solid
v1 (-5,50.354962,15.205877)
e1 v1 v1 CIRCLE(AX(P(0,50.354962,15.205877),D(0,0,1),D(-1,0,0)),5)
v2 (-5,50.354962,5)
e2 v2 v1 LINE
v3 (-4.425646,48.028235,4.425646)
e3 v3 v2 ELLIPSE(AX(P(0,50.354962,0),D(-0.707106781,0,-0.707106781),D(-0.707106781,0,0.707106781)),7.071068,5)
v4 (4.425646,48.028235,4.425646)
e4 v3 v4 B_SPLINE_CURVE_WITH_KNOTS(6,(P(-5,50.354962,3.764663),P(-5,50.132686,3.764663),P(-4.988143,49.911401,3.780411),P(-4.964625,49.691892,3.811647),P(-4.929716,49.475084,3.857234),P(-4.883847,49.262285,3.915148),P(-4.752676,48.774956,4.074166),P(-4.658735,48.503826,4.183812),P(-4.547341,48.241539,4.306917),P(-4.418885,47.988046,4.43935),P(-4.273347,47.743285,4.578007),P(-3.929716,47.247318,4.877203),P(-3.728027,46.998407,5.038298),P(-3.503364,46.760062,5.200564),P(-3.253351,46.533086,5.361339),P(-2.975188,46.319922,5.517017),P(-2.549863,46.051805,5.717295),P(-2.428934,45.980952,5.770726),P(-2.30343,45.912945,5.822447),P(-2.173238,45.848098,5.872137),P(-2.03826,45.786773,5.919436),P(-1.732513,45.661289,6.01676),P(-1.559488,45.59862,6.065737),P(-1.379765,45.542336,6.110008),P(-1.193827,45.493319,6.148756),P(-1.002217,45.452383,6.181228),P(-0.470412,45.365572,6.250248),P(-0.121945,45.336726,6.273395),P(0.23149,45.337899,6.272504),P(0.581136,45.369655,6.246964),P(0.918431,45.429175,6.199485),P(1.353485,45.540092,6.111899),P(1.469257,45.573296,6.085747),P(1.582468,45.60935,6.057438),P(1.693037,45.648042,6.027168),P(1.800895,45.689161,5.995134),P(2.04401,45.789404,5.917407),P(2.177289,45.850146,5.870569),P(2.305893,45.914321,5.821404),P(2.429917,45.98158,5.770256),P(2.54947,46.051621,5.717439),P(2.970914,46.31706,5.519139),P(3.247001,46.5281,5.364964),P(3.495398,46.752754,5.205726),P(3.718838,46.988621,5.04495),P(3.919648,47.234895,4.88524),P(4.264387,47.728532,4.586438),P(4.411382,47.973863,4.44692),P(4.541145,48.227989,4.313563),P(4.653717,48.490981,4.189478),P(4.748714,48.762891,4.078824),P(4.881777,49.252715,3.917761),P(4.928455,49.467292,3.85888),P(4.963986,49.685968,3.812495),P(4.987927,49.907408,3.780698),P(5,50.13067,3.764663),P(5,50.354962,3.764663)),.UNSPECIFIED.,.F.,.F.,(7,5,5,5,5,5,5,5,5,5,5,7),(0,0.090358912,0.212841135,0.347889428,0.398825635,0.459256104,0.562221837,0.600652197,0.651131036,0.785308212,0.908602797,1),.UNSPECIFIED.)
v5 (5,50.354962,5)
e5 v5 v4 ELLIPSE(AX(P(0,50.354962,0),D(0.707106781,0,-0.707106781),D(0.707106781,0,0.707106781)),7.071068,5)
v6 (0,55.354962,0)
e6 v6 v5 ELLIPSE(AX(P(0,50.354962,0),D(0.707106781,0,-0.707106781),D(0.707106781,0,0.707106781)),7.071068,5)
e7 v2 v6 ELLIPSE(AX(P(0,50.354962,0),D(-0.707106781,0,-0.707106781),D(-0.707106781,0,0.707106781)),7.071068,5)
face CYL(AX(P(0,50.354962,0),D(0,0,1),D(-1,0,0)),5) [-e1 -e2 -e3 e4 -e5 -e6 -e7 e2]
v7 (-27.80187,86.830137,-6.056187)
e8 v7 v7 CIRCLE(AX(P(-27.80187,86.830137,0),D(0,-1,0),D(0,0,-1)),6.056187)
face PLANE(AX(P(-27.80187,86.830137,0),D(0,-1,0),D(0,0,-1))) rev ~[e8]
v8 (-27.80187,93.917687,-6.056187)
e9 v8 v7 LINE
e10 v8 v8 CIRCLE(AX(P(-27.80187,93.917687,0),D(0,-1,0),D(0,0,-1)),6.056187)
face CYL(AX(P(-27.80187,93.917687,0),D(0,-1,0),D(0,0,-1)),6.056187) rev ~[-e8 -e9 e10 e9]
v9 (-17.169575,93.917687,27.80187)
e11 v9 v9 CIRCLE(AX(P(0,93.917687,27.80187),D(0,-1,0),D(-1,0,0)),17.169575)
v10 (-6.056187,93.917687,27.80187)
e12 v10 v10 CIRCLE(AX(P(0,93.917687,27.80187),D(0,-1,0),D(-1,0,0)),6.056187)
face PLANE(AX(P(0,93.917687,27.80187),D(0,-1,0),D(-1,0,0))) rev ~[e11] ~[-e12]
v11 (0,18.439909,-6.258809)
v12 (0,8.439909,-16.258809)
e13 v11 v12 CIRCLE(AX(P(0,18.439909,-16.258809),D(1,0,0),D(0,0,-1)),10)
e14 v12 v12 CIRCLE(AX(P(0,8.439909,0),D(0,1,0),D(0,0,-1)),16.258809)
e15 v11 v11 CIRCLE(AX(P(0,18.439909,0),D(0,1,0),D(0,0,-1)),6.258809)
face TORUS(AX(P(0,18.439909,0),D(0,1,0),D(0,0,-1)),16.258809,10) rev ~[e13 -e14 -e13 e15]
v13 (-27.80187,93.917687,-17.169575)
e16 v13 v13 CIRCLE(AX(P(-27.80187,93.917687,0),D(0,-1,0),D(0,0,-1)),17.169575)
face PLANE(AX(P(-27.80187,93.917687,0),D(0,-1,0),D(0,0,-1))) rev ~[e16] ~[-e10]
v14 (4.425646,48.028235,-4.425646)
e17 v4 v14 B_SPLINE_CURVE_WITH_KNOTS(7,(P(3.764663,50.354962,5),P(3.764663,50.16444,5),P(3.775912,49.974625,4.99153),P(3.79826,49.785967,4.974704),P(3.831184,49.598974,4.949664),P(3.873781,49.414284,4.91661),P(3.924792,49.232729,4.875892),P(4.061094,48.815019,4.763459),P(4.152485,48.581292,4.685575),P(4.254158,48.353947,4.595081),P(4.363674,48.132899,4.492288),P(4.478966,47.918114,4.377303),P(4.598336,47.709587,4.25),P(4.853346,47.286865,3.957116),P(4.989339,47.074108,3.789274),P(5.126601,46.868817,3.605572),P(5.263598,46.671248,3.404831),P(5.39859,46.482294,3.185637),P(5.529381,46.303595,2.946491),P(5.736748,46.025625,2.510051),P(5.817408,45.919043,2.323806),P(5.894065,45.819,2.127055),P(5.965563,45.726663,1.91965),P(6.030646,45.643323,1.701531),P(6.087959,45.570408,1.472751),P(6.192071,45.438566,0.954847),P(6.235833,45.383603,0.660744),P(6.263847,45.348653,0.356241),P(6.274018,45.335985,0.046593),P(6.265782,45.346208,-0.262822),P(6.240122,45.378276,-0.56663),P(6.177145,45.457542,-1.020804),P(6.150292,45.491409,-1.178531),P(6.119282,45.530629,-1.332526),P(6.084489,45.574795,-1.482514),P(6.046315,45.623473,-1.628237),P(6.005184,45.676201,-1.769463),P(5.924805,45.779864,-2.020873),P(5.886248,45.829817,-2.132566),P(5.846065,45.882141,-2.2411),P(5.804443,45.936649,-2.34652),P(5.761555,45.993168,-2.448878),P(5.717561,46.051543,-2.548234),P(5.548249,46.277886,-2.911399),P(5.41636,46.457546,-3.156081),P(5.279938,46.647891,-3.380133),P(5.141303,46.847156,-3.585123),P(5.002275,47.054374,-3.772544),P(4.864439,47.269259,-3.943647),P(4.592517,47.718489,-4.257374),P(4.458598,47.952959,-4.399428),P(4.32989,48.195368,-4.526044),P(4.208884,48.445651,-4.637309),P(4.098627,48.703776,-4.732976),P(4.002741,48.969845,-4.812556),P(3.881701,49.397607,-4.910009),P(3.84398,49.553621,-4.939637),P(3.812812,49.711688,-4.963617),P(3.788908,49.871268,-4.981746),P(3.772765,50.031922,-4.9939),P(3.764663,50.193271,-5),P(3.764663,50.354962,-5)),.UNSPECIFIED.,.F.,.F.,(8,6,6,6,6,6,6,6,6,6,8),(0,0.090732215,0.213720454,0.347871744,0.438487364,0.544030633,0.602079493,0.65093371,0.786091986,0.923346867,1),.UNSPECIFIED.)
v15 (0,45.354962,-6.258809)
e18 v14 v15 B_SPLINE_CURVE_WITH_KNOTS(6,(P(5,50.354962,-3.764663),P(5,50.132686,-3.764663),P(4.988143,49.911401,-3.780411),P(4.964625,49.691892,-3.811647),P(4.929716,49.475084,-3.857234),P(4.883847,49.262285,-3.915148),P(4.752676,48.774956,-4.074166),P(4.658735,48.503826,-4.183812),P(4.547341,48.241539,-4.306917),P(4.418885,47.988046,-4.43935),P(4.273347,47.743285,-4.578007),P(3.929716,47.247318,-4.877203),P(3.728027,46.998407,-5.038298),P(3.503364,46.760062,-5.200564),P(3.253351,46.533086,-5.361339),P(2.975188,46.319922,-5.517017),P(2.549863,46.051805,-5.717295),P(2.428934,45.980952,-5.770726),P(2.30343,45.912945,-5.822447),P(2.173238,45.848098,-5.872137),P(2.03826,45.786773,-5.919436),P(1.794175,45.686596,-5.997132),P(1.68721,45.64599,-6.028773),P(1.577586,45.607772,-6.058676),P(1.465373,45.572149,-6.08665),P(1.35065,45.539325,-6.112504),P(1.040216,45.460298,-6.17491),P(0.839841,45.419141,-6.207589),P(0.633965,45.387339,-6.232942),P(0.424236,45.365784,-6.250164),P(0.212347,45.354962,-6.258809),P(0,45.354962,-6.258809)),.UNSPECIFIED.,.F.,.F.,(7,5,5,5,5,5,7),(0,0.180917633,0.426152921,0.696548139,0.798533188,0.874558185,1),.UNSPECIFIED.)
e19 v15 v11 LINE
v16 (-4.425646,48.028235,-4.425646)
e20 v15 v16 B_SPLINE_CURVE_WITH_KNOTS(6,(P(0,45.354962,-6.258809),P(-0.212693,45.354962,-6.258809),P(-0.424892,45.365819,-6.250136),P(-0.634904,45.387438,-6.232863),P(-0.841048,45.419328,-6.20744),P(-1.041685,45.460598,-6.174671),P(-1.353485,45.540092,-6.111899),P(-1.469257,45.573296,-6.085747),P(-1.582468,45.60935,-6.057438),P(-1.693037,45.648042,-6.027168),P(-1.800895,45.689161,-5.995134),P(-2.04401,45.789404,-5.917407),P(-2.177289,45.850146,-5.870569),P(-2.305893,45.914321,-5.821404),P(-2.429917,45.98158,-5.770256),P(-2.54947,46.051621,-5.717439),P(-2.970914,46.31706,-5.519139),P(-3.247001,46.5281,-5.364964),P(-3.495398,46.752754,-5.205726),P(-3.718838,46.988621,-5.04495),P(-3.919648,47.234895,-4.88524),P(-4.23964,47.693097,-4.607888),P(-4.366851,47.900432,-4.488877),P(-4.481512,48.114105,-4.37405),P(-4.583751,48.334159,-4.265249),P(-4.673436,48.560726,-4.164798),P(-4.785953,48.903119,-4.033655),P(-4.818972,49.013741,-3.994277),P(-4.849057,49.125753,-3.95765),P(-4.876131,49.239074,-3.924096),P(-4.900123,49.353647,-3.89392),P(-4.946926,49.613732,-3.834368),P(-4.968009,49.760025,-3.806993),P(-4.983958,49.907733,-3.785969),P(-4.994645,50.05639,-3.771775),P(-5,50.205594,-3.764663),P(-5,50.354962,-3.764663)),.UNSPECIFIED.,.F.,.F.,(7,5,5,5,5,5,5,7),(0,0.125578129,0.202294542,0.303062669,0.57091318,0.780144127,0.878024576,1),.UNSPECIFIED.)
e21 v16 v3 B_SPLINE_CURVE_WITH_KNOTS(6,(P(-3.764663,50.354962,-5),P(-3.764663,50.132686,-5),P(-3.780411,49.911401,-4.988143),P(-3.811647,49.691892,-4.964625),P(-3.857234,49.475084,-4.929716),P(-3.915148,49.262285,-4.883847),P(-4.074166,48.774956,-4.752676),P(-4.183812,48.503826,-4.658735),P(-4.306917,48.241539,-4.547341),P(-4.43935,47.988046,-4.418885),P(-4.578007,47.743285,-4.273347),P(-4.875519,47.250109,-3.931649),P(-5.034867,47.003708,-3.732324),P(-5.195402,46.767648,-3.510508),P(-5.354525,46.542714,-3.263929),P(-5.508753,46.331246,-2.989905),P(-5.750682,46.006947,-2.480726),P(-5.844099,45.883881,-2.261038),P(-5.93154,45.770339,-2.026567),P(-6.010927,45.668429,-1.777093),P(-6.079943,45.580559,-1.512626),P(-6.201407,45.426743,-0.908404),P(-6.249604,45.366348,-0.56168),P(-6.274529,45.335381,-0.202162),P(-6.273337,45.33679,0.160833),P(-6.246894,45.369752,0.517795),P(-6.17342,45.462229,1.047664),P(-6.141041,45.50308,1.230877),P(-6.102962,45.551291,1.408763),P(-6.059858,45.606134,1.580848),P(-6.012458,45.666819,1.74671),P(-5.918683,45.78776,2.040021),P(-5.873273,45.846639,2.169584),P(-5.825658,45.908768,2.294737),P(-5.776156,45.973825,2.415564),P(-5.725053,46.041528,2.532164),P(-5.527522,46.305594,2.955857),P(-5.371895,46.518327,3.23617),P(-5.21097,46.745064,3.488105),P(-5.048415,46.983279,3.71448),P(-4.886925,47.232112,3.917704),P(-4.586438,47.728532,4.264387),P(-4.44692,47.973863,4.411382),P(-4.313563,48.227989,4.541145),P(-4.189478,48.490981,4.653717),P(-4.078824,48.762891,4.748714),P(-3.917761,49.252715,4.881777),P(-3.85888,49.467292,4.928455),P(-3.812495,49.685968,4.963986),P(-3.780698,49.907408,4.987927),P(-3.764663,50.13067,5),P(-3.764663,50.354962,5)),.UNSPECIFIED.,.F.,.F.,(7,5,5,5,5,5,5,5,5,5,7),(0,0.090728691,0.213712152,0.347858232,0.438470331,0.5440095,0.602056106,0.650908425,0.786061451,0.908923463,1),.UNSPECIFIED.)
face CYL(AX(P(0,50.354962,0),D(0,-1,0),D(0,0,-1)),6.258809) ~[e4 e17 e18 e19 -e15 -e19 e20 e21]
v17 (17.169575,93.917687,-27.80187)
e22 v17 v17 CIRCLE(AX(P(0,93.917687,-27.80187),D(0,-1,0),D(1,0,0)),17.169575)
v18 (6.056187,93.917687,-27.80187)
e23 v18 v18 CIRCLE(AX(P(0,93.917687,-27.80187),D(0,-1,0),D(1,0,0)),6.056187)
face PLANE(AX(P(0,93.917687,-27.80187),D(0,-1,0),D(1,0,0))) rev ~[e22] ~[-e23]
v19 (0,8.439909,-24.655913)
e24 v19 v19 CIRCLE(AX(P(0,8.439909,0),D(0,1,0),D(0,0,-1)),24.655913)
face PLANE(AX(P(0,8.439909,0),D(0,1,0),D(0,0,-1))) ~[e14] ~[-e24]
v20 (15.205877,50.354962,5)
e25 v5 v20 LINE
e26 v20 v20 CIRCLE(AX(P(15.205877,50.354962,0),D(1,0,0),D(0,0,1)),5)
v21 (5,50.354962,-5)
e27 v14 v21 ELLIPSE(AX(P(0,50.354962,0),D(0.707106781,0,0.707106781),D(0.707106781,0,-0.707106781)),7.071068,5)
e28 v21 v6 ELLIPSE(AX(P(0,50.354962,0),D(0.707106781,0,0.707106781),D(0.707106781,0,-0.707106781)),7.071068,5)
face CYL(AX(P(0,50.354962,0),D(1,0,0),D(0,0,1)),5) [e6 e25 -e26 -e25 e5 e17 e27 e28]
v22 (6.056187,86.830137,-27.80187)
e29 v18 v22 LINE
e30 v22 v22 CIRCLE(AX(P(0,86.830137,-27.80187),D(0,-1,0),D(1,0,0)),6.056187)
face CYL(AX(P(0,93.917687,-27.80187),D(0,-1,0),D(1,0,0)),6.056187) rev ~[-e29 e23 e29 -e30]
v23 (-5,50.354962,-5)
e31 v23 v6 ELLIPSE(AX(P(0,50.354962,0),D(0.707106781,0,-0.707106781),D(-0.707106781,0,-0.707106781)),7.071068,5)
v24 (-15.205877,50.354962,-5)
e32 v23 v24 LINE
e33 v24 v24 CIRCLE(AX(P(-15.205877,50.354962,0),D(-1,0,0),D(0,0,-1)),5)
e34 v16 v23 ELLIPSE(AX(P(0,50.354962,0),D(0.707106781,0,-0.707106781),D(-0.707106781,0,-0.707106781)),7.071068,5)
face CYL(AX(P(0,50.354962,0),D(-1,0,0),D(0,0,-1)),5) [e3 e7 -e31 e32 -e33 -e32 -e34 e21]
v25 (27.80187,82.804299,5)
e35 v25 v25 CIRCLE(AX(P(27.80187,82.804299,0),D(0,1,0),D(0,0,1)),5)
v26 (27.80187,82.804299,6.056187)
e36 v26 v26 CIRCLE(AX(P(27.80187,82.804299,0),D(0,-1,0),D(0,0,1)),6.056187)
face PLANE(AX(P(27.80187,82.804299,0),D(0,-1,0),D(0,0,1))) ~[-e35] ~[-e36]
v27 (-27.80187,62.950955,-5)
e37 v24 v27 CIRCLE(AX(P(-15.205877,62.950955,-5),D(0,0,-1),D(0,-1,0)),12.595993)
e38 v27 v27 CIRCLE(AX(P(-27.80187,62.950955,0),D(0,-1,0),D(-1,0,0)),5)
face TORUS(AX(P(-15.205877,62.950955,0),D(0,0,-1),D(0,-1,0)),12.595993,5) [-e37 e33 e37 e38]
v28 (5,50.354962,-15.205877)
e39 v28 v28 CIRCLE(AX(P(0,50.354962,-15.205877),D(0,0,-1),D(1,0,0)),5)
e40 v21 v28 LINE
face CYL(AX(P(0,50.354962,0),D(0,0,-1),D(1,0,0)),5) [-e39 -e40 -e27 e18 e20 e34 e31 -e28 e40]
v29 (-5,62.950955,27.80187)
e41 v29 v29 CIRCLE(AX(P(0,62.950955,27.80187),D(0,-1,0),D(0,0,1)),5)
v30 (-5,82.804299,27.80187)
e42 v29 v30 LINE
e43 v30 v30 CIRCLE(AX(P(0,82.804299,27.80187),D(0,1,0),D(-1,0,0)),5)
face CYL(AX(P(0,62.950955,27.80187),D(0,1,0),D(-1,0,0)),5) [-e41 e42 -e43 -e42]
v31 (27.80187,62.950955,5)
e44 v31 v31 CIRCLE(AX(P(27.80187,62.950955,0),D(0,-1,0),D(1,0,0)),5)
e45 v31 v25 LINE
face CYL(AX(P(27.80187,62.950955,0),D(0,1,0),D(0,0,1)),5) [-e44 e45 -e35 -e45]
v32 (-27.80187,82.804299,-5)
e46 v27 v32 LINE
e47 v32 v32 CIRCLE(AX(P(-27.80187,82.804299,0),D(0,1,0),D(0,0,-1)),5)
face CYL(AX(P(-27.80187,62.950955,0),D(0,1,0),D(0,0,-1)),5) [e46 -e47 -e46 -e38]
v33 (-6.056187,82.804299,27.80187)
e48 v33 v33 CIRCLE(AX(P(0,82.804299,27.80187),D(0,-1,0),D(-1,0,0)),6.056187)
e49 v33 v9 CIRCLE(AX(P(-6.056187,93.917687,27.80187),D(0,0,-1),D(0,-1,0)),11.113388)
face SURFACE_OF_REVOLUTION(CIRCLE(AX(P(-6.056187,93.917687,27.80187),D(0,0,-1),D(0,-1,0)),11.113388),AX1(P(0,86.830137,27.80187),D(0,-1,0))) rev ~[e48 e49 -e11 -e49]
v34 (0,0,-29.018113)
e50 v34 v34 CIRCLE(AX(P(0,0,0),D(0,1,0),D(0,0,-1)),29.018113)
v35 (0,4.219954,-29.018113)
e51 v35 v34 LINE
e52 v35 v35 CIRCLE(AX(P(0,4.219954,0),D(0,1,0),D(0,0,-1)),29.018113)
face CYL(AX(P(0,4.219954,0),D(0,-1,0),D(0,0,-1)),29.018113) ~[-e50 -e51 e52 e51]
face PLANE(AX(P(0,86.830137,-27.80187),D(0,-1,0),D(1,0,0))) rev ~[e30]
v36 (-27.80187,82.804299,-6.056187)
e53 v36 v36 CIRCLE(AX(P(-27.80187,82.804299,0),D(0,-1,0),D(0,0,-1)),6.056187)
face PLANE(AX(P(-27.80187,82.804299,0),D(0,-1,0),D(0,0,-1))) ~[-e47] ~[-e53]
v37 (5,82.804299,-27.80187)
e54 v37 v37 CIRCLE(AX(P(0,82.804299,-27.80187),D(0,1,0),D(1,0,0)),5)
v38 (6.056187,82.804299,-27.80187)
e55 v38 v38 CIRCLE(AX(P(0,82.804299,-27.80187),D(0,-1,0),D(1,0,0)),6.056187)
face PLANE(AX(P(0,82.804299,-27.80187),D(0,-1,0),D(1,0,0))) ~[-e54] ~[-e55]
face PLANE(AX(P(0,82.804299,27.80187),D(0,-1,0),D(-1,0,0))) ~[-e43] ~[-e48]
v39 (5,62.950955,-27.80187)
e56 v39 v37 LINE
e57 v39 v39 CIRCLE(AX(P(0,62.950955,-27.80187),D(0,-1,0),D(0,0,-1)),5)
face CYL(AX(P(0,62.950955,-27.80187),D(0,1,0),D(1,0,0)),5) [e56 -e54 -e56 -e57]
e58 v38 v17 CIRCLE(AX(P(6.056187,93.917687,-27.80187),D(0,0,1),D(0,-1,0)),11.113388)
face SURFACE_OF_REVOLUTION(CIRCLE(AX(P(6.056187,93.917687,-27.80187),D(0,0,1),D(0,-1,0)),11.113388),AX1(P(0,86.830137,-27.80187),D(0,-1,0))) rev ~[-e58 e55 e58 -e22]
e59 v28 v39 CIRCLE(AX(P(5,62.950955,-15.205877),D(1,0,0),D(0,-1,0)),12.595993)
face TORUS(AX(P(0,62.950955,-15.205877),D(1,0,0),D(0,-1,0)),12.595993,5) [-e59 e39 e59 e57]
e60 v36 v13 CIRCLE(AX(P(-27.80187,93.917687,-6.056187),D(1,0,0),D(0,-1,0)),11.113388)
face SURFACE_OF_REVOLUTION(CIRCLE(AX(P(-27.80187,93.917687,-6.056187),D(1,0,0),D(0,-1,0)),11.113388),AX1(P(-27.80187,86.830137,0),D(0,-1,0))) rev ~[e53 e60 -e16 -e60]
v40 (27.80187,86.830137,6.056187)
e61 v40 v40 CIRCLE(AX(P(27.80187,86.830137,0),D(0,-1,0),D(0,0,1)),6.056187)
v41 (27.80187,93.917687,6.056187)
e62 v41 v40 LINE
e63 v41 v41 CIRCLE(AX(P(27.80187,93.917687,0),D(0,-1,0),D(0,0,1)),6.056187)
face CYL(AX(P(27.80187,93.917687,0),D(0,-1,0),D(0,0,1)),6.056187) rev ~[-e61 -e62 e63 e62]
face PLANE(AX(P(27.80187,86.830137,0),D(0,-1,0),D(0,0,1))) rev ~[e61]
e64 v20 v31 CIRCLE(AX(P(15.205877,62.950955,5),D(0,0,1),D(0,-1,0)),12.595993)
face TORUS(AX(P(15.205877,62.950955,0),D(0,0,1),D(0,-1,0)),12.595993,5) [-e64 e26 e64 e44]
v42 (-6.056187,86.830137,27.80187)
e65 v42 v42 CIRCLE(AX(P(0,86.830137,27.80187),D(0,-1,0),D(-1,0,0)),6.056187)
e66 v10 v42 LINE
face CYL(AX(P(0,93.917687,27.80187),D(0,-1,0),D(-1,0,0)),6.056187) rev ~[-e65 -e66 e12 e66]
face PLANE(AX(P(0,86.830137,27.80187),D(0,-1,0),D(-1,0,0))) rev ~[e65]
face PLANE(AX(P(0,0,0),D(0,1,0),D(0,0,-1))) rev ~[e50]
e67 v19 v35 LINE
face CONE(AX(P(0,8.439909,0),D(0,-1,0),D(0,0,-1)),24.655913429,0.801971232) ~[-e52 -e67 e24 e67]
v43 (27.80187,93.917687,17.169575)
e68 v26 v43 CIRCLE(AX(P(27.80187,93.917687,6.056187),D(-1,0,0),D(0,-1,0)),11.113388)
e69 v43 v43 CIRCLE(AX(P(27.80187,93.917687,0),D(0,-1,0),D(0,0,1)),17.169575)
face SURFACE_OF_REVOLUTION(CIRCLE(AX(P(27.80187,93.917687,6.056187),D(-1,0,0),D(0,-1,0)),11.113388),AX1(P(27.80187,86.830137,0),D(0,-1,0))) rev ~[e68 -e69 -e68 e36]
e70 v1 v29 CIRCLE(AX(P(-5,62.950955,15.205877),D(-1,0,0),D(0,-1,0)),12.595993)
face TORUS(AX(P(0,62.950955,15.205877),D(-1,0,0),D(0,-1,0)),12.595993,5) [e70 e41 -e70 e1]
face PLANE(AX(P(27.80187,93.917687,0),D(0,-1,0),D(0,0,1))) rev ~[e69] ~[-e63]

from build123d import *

# Parameters (mm, degrees)
FILLET1_R         = 10
SWEEP1_PROFILE_R  = 5
CIRPATTERN2_COUNT = 4


with BuildPart() as part:
    # Sketch1 → Revolve1 (revolve)
    with BuildSketch(Plane.XY, mode=Mode.PRIVATE) as revolve1_sk:
        Polygon((0, 0), (0, 50.354961658), (6.258808794, 50.354961658), (6.258808794, 8.439908828), (24.655913429, 8.439908828), (29.018113498, 4.219954414), (29.018113498, 0), align=None)
    revolve(revolve1_sk.sketch.rotate(Axis((0, 0, 0), (0, 1, 0)), 90), axis=Axis((0, 0, 0), (0, 1, 0)))

    # Fillet1
    fillet1_edges = [part.edges().sort_by_distance(p)[0] for p in [
        (0, 8.439908828, 6.258808794),
    ]]
    fillet(fillet1_edges, radius=FILLET1_R)

    # Sweep1: sweep along a path in Sketch3
    with BuildLine(Plane.XY) as sweep1_path:
        Line((0, 50.354961658), (15.205877002, 50.354961658))
        ThreePointArc((15.205877002, 50.354961658), (24.112589329, 54.0442427), (27.801870371, 62.950955027))
        Line((27.801870371, 62.950955027), (27.801870371, 82.804298784))
    # Sweep1 profile (on start of the path) → Sweep1 (sweep)
    with BuildSketch(Plane(origin=(0, 50.354961658, 0), x_dir=(0, 0, 1), z_dir=(1, 0, 0))):
        Circle(SWEEP1_PROFILE_R)
    sweep1 = sweep(path=sweep1_path.line)

    # Sketch9 → Revolve2 (revolve)
    with BuildSketch(Plane.XY, mode=Mode.PRIVATE) as revolve2_sk:
        with BuildLine():
            Line((27.801870371, 82.804298784), (33.858057508, 82.804298784))
            ThreePointArc((33.858057508, 82.804298784), (41.716409419, 86.059334723), (44.971445358, 93.917686633))
            Line((44.971445358, 93.917686633), (33.858057508, 93.917686633))
            Line((33.858057508, 93.917686633), (33.858057508, 86.830137489))
            Line((33.858057508, 86.830137489), (27.801870371, 86.830137489))
            Line((27.801870371, 86.830137489), (27.801870371, 82.804298784))
        make_face()
    revolve2 = revolve(revolve2_sk.sketch.rotate(Axis((27.801870371, 86.830137489, 0), (0, -1, 0)), 90), axis=Axis((27.801870371, 86.830137489, 0), (0, -1, 0)))

    # CirPattern2: Sweep1, Revolve2 ×4 about axis
    cirpattern2_axis = Axis((0, 0, 0), (0, 1, 0))
    add([sweep1.rotate(cirpattern2_axis, i * 360 / CIRPATTERN2_COUNT) for i in range(1, CIRPATTERN2_COUNT)])
    add([revolve2.rotate(cirpattern2_axis, i * 360 / CIRPATTERN2_COUNT) for i in range(1, CIRPATTERN2_COUNT)])


solid = part.part
